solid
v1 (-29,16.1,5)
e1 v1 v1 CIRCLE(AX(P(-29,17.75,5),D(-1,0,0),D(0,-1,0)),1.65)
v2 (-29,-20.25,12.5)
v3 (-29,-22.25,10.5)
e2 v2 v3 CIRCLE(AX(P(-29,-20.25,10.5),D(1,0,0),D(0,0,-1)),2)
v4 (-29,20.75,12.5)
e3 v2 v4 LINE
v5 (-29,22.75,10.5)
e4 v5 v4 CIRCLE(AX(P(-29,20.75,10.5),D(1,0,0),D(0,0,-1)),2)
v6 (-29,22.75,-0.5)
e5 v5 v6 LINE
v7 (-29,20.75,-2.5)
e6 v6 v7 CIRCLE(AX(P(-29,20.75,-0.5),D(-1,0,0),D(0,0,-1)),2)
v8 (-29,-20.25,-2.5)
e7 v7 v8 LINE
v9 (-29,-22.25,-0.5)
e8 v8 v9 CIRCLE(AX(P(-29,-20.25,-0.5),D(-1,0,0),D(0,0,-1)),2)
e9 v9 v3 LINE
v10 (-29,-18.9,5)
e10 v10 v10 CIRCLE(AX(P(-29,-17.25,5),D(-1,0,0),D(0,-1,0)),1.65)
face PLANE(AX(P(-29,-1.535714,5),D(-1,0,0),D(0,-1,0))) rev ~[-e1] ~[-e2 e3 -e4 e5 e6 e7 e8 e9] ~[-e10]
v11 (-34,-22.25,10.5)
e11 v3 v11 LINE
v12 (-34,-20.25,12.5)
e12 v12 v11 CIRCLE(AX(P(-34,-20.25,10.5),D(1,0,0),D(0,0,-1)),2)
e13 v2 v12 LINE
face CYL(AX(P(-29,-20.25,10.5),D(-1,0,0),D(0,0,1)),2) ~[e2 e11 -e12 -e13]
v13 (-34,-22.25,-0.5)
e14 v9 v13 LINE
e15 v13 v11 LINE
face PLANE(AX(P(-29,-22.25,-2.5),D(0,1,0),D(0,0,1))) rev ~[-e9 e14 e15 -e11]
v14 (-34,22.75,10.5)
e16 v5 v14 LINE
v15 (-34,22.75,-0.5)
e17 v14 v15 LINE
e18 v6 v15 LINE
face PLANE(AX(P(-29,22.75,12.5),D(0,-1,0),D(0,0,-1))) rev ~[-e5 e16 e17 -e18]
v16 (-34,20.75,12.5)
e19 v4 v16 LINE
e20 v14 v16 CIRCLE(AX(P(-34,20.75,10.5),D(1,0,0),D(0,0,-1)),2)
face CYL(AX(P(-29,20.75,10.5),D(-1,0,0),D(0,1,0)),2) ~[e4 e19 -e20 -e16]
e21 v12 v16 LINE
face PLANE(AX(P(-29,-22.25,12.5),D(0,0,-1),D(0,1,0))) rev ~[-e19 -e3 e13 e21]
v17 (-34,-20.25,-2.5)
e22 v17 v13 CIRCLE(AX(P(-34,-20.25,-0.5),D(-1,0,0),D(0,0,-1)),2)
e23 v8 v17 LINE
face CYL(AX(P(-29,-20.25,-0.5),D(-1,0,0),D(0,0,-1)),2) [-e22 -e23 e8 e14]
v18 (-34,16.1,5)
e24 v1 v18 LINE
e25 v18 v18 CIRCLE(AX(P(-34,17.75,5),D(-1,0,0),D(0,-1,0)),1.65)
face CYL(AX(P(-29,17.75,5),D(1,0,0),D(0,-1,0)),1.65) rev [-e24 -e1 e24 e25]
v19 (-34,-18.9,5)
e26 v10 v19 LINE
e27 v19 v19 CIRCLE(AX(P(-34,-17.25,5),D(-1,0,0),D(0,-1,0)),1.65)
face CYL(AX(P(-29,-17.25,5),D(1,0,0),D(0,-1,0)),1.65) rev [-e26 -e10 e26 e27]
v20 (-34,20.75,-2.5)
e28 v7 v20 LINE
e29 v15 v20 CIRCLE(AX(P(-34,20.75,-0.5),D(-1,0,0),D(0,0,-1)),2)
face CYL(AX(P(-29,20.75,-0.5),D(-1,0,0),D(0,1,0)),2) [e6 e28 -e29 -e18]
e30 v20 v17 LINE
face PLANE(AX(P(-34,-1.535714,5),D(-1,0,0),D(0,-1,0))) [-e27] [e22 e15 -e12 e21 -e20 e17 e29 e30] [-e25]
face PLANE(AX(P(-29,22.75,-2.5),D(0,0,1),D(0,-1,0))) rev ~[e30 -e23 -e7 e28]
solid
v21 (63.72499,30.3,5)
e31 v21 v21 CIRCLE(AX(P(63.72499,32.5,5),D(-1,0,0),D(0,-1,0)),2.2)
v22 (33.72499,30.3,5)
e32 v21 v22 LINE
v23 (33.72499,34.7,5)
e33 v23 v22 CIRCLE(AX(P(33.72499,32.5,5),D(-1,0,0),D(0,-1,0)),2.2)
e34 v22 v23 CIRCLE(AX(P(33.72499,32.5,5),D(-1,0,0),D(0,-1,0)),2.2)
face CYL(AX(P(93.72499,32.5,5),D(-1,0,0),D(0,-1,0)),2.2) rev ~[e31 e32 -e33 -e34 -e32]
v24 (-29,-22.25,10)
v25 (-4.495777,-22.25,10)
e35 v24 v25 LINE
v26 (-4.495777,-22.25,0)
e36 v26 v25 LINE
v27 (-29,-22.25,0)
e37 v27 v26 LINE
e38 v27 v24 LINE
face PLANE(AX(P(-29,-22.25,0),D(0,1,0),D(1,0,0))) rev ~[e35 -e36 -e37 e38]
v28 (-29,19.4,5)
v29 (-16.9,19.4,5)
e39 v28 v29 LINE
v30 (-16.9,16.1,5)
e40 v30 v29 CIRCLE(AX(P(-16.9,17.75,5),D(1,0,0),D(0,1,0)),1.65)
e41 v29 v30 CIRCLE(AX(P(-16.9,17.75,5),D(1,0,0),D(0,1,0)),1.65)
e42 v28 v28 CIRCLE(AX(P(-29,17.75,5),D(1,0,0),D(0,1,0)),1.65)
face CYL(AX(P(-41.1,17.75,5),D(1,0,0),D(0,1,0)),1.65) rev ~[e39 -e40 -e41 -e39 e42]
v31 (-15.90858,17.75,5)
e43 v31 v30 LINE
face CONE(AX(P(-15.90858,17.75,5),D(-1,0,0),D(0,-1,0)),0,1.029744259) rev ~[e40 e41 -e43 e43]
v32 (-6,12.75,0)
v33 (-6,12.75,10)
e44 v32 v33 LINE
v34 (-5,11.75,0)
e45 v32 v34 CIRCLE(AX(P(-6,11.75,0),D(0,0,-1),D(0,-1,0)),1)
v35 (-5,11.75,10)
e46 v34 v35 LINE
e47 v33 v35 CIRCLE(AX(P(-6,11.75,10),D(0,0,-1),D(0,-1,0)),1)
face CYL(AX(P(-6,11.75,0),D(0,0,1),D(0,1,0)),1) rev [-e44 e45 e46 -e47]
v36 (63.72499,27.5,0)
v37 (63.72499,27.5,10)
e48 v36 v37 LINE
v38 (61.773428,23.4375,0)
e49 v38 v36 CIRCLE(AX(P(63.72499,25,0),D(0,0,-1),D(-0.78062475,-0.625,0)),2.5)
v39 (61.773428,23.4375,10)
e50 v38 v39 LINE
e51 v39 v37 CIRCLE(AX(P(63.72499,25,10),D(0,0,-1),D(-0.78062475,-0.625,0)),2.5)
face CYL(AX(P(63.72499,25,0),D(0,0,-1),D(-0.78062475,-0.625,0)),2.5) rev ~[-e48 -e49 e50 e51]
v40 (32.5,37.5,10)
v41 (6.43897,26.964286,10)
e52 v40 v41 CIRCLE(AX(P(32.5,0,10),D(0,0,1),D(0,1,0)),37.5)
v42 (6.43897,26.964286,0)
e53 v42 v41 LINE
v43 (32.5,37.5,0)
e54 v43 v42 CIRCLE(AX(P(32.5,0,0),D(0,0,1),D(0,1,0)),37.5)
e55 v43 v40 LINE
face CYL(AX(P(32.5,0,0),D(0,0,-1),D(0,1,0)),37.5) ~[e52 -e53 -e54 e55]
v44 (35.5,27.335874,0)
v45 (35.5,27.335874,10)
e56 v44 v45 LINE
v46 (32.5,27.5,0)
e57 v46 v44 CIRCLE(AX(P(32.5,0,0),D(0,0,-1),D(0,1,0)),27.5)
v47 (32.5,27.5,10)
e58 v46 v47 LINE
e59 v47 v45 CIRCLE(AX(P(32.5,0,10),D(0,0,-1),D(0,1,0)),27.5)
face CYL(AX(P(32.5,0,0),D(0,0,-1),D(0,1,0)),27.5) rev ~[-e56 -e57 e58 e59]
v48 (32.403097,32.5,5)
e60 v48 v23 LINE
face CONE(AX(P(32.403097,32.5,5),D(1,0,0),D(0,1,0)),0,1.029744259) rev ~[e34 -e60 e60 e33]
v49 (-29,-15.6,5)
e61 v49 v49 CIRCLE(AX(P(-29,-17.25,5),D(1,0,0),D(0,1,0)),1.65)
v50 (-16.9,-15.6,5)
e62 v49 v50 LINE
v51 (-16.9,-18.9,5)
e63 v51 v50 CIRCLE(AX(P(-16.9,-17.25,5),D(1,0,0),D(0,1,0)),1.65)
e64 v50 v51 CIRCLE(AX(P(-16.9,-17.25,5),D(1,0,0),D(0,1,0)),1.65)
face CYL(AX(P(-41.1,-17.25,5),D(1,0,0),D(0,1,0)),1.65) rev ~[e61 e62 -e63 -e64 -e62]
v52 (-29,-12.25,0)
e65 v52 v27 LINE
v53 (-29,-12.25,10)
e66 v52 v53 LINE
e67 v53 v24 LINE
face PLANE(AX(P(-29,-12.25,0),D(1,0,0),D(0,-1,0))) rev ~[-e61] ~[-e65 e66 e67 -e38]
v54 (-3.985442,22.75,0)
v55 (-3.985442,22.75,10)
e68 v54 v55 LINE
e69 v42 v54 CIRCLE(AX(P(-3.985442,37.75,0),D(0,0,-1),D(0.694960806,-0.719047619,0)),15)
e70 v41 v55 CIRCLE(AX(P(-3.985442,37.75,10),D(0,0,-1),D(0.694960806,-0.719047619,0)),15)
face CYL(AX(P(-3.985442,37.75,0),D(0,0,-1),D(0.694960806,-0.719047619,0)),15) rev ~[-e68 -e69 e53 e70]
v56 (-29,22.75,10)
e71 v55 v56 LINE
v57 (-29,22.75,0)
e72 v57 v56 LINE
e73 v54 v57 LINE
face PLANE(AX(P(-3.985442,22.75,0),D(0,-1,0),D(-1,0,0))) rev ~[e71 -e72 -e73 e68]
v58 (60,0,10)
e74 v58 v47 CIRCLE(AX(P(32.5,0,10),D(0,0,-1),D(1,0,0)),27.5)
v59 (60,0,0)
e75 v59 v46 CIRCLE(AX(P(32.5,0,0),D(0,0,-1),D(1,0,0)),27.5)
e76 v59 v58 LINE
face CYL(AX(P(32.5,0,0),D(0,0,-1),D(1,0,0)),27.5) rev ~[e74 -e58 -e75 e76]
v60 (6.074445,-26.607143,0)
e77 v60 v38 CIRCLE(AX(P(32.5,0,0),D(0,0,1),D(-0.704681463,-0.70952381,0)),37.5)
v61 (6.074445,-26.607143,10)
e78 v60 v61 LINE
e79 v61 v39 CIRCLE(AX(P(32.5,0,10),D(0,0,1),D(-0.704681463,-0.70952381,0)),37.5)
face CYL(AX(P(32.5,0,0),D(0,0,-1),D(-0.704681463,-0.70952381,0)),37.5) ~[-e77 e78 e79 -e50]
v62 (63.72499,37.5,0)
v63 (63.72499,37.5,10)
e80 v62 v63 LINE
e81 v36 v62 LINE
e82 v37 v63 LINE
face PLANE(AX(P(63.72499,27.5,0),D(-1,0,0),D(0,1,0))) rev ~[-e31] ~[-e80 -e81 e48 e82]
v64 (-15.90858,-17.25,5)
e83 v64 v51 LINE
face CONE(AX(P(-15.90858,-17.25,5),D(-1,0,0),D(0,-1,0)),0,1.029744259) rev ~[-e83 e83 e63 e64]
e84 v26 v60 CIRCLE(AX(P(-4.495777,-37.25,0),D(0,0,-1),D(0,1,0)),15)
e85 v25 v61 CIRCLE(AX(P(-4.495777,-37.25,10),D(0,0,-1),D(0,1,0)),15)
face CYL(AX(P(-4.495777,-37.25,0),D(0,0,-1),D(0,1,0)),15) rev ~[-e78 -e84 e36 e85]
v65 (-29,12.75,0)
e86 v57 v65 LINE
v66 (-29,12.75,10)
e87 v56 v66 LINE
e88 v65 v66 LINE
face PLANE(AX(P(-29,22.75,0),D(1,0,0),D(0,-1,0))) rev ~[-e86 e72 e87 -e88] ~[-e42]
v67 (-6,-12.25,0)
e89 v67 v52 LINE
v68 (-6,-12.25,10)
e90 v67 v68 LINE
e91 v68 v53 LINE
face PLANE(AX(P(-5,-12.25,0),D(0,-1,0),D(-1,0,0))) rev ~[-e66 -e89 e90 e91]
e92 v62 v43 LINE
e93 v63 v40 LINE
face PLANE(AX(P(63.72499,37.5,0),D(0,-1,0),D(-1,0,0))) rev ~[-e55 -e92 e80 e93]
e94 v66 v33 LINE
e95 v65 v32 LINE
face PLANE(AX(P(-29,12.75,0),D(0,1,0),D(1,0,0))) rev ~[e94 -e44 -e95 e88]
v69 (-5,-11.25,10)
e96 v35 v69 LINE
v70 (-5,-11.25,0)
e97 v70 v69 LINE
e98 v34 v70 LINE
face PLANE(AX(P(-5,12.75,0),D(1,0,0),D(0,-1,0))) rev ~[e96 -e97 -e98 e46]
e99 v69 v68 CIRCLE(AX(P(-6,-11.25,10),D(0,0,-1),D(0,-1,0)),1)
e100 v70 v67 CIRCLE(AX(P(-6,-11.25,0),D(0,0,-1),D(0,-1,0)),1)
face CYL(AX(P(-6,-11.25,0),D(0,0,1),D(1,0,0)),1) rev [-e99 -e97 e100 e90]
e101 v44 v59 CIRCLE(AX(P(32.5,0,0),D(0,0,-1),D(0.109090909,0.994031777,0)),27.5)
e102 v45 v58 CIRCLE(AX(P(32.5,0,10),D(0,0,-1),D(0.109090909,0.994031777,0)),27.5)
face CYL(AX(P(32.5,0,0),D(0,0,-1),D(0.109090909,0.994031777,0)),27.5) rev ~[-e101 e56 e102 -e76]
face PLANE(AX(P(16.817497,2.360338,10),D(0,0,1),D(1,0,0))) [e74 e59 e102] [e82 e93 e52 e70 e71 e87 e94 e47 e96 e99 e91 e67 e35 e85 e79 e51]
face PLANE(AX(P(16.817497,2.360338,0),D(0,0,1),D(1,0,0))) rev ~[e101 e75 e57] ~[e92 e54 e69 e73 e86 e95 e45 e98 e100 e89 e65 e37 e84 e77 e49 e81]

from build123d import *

# Parameters (mm, degrees)
F1_DEPTH       = 10
F5_D           = 3.3
F5_DEPTH       = 12.1
F5_TIP         = 0.9914200214
F5_ON_F4_D     = 3.3
F5_ON_F4_DEPTH = 12.1
F5_ON_F4_TIP   = 0.9914200214
F6_D           = 4.4
F6_DEPTH       = 30
F6_TIP         = 1.3218933619
F7_R           = 1.65
F7_W           = 10
F7_H           = 10
F8_DEPTH       = 5
F9_R           = 2
F10_R          = 1


with BuildPart() as f1:
    # F0 (on Top) → F1 (new body)
    with BuildSketch(Plane.XY):
        with BuildLine():
            Line((-29, 12.75), (-5, 12.75))
            Line((-5, 12.75), (-5, -12.25))
            Line((-5, -12.25), (-29, -12.25))
            Line((-29, -12.25), (-29, -22.25))
            Line((-29, -22.25), (-4.495776786, -22.25))
            ThreePointArc((-4.495776786, -22.25), (1.2207406353, -23.3819998352), (6.0744451529, -26.6071428571))
            ThreePointArc((6.0744451529, -26.6071428571), (57.5628044164, -27.8945484779), (61.7734281175, 23.4375))
            ThreePointArc((61.7734281175, 23.4375), (61.4715204448, 26.0825317547), (63.724989992, 27.5))
            Line((63.724989992, 27.5), (63.724989992, 37.5))
            Line((63.724989992, 37.5), (32.5, 37.5))
            ThreePointArc((32.5, 37.5), (18.4449424456, 34.7664400988), (6.438969784, 26.9642857143))
            ThreePointArc((6.438969784, 26.9642857143), (1.6365807194, 23.8434239605), (-3.9854423024, 22.75))
            Line((-3.9854423024, 22.75), (-29, 22.75))
            Line((-29, 22.75), (-29, 12.75))
        make_face()
        with BuildLine():
            ThreePointArc((60, 0), (13.0545635174, -19.4454364826), (32.5, 27.5))
            ThreePointArc((32.5, 27.5), (34.0022431052, 27.45893781), (35.5, 27.3358738657))
            ThreePointArc((35.5, 27.3358738657), (52.9786474163, 18.354154843), (60, 0))
        make_face(mode=Mode.SUBTRACT)
    extrude(amount=F1_DEPTH)

    # F5
    with Locations(Plane(origin=(-29, 0, 0), x_dir=(0, -1, 0), z_dir=(-1, 0, 0))):
        with Locations((-17.75, 5)):
            Hole(F5_D / 2, depth=F5_DEPTH)
            with Locations((0, 0, -(F5_DEPTH + F5_TIP / 2))):  # 118° drill point
                Cone(0, F5_D / 2, F5_TIP, mode=Mode.SUBTRACT)

    # F5 on F4
    with Locations(Plane(origin=(-29, 0, 0), x_dir=(0, -1, 0), z_dir=(-1, 0, 0))):
        with Locations((17.25, 5)):
            Hole(F5_ON_F4_D / 2, depth=F5_ON_F4_DEPTH)
            with Locations((0, 0, -(F5_ON_F4_DEPTH + F5_ON_F4_TIP / 2))):  # 118° drill point
                Cone(0, F5_ON_F4_D / 2, F5_ON_F4_TIP, mode=Mode.SUBTRACT)

    # F6
    with Locations(Plane.YZ.offset(63.724989992)):
        with Locations((32.5, 5)):
            Hole(F6_D / 2, depth=F6_DEPTH)
            with Locations((0, 0, -(F6_DEPTH + F6_TIP / 2))):  # 118° drill point
                Cone(0, F6_D / 2, F6_TIP, mode=Mode.SUBTRACT)

    # F10
    f10_edges = [f1.edges().sort_by_distance(p)[0] for p in [
        (-5, 12.75, 5),
        (-5, -12.25, 5),
    ]]
    fillet(f10_edges, radius=F10_R)


with BuildPart() as f8:
    # F7 (on face) → F8 (new body)
    with BuildSketch(Plane(origin=(-29, 0, 0), x_dir=(0, -1, 0), z_dir=(-1, 0, 0))):
        Polygon((-22.75, 12.5), (-22.75, -2.5), (22.25, -2.5), (22.25, 0), (12.25, 0), (12.25, 10), (22.25, 10), (22.25, 12.5), align=None)
        with Locations((-17.75, 5)):
            Circle(F7_R, mode=Mode.SUBTRACT)
        with Locations((17.25, 5)):
            Rectangle(F7_W, F7_H)
        with Locations((17.25, 5)):
            Circle(F7_R, mode=Mode.SUBTRACT)
    extrude(amount=F8_DEPTH)

    # F9
    f9_edges = [f8.edges().sort_by_distance(p)[0] for p in [
        (-31.5, 22.75, 12.5),
        (-31.5, -22.25, 12.5),
        (-31.5, -22.25, -2.5),
        (-31.5, 22.75, -2.5),
    ]]
    fillet(f9_edges, radius=F9_R)


solid = Compound([f1.part, f8.part])
